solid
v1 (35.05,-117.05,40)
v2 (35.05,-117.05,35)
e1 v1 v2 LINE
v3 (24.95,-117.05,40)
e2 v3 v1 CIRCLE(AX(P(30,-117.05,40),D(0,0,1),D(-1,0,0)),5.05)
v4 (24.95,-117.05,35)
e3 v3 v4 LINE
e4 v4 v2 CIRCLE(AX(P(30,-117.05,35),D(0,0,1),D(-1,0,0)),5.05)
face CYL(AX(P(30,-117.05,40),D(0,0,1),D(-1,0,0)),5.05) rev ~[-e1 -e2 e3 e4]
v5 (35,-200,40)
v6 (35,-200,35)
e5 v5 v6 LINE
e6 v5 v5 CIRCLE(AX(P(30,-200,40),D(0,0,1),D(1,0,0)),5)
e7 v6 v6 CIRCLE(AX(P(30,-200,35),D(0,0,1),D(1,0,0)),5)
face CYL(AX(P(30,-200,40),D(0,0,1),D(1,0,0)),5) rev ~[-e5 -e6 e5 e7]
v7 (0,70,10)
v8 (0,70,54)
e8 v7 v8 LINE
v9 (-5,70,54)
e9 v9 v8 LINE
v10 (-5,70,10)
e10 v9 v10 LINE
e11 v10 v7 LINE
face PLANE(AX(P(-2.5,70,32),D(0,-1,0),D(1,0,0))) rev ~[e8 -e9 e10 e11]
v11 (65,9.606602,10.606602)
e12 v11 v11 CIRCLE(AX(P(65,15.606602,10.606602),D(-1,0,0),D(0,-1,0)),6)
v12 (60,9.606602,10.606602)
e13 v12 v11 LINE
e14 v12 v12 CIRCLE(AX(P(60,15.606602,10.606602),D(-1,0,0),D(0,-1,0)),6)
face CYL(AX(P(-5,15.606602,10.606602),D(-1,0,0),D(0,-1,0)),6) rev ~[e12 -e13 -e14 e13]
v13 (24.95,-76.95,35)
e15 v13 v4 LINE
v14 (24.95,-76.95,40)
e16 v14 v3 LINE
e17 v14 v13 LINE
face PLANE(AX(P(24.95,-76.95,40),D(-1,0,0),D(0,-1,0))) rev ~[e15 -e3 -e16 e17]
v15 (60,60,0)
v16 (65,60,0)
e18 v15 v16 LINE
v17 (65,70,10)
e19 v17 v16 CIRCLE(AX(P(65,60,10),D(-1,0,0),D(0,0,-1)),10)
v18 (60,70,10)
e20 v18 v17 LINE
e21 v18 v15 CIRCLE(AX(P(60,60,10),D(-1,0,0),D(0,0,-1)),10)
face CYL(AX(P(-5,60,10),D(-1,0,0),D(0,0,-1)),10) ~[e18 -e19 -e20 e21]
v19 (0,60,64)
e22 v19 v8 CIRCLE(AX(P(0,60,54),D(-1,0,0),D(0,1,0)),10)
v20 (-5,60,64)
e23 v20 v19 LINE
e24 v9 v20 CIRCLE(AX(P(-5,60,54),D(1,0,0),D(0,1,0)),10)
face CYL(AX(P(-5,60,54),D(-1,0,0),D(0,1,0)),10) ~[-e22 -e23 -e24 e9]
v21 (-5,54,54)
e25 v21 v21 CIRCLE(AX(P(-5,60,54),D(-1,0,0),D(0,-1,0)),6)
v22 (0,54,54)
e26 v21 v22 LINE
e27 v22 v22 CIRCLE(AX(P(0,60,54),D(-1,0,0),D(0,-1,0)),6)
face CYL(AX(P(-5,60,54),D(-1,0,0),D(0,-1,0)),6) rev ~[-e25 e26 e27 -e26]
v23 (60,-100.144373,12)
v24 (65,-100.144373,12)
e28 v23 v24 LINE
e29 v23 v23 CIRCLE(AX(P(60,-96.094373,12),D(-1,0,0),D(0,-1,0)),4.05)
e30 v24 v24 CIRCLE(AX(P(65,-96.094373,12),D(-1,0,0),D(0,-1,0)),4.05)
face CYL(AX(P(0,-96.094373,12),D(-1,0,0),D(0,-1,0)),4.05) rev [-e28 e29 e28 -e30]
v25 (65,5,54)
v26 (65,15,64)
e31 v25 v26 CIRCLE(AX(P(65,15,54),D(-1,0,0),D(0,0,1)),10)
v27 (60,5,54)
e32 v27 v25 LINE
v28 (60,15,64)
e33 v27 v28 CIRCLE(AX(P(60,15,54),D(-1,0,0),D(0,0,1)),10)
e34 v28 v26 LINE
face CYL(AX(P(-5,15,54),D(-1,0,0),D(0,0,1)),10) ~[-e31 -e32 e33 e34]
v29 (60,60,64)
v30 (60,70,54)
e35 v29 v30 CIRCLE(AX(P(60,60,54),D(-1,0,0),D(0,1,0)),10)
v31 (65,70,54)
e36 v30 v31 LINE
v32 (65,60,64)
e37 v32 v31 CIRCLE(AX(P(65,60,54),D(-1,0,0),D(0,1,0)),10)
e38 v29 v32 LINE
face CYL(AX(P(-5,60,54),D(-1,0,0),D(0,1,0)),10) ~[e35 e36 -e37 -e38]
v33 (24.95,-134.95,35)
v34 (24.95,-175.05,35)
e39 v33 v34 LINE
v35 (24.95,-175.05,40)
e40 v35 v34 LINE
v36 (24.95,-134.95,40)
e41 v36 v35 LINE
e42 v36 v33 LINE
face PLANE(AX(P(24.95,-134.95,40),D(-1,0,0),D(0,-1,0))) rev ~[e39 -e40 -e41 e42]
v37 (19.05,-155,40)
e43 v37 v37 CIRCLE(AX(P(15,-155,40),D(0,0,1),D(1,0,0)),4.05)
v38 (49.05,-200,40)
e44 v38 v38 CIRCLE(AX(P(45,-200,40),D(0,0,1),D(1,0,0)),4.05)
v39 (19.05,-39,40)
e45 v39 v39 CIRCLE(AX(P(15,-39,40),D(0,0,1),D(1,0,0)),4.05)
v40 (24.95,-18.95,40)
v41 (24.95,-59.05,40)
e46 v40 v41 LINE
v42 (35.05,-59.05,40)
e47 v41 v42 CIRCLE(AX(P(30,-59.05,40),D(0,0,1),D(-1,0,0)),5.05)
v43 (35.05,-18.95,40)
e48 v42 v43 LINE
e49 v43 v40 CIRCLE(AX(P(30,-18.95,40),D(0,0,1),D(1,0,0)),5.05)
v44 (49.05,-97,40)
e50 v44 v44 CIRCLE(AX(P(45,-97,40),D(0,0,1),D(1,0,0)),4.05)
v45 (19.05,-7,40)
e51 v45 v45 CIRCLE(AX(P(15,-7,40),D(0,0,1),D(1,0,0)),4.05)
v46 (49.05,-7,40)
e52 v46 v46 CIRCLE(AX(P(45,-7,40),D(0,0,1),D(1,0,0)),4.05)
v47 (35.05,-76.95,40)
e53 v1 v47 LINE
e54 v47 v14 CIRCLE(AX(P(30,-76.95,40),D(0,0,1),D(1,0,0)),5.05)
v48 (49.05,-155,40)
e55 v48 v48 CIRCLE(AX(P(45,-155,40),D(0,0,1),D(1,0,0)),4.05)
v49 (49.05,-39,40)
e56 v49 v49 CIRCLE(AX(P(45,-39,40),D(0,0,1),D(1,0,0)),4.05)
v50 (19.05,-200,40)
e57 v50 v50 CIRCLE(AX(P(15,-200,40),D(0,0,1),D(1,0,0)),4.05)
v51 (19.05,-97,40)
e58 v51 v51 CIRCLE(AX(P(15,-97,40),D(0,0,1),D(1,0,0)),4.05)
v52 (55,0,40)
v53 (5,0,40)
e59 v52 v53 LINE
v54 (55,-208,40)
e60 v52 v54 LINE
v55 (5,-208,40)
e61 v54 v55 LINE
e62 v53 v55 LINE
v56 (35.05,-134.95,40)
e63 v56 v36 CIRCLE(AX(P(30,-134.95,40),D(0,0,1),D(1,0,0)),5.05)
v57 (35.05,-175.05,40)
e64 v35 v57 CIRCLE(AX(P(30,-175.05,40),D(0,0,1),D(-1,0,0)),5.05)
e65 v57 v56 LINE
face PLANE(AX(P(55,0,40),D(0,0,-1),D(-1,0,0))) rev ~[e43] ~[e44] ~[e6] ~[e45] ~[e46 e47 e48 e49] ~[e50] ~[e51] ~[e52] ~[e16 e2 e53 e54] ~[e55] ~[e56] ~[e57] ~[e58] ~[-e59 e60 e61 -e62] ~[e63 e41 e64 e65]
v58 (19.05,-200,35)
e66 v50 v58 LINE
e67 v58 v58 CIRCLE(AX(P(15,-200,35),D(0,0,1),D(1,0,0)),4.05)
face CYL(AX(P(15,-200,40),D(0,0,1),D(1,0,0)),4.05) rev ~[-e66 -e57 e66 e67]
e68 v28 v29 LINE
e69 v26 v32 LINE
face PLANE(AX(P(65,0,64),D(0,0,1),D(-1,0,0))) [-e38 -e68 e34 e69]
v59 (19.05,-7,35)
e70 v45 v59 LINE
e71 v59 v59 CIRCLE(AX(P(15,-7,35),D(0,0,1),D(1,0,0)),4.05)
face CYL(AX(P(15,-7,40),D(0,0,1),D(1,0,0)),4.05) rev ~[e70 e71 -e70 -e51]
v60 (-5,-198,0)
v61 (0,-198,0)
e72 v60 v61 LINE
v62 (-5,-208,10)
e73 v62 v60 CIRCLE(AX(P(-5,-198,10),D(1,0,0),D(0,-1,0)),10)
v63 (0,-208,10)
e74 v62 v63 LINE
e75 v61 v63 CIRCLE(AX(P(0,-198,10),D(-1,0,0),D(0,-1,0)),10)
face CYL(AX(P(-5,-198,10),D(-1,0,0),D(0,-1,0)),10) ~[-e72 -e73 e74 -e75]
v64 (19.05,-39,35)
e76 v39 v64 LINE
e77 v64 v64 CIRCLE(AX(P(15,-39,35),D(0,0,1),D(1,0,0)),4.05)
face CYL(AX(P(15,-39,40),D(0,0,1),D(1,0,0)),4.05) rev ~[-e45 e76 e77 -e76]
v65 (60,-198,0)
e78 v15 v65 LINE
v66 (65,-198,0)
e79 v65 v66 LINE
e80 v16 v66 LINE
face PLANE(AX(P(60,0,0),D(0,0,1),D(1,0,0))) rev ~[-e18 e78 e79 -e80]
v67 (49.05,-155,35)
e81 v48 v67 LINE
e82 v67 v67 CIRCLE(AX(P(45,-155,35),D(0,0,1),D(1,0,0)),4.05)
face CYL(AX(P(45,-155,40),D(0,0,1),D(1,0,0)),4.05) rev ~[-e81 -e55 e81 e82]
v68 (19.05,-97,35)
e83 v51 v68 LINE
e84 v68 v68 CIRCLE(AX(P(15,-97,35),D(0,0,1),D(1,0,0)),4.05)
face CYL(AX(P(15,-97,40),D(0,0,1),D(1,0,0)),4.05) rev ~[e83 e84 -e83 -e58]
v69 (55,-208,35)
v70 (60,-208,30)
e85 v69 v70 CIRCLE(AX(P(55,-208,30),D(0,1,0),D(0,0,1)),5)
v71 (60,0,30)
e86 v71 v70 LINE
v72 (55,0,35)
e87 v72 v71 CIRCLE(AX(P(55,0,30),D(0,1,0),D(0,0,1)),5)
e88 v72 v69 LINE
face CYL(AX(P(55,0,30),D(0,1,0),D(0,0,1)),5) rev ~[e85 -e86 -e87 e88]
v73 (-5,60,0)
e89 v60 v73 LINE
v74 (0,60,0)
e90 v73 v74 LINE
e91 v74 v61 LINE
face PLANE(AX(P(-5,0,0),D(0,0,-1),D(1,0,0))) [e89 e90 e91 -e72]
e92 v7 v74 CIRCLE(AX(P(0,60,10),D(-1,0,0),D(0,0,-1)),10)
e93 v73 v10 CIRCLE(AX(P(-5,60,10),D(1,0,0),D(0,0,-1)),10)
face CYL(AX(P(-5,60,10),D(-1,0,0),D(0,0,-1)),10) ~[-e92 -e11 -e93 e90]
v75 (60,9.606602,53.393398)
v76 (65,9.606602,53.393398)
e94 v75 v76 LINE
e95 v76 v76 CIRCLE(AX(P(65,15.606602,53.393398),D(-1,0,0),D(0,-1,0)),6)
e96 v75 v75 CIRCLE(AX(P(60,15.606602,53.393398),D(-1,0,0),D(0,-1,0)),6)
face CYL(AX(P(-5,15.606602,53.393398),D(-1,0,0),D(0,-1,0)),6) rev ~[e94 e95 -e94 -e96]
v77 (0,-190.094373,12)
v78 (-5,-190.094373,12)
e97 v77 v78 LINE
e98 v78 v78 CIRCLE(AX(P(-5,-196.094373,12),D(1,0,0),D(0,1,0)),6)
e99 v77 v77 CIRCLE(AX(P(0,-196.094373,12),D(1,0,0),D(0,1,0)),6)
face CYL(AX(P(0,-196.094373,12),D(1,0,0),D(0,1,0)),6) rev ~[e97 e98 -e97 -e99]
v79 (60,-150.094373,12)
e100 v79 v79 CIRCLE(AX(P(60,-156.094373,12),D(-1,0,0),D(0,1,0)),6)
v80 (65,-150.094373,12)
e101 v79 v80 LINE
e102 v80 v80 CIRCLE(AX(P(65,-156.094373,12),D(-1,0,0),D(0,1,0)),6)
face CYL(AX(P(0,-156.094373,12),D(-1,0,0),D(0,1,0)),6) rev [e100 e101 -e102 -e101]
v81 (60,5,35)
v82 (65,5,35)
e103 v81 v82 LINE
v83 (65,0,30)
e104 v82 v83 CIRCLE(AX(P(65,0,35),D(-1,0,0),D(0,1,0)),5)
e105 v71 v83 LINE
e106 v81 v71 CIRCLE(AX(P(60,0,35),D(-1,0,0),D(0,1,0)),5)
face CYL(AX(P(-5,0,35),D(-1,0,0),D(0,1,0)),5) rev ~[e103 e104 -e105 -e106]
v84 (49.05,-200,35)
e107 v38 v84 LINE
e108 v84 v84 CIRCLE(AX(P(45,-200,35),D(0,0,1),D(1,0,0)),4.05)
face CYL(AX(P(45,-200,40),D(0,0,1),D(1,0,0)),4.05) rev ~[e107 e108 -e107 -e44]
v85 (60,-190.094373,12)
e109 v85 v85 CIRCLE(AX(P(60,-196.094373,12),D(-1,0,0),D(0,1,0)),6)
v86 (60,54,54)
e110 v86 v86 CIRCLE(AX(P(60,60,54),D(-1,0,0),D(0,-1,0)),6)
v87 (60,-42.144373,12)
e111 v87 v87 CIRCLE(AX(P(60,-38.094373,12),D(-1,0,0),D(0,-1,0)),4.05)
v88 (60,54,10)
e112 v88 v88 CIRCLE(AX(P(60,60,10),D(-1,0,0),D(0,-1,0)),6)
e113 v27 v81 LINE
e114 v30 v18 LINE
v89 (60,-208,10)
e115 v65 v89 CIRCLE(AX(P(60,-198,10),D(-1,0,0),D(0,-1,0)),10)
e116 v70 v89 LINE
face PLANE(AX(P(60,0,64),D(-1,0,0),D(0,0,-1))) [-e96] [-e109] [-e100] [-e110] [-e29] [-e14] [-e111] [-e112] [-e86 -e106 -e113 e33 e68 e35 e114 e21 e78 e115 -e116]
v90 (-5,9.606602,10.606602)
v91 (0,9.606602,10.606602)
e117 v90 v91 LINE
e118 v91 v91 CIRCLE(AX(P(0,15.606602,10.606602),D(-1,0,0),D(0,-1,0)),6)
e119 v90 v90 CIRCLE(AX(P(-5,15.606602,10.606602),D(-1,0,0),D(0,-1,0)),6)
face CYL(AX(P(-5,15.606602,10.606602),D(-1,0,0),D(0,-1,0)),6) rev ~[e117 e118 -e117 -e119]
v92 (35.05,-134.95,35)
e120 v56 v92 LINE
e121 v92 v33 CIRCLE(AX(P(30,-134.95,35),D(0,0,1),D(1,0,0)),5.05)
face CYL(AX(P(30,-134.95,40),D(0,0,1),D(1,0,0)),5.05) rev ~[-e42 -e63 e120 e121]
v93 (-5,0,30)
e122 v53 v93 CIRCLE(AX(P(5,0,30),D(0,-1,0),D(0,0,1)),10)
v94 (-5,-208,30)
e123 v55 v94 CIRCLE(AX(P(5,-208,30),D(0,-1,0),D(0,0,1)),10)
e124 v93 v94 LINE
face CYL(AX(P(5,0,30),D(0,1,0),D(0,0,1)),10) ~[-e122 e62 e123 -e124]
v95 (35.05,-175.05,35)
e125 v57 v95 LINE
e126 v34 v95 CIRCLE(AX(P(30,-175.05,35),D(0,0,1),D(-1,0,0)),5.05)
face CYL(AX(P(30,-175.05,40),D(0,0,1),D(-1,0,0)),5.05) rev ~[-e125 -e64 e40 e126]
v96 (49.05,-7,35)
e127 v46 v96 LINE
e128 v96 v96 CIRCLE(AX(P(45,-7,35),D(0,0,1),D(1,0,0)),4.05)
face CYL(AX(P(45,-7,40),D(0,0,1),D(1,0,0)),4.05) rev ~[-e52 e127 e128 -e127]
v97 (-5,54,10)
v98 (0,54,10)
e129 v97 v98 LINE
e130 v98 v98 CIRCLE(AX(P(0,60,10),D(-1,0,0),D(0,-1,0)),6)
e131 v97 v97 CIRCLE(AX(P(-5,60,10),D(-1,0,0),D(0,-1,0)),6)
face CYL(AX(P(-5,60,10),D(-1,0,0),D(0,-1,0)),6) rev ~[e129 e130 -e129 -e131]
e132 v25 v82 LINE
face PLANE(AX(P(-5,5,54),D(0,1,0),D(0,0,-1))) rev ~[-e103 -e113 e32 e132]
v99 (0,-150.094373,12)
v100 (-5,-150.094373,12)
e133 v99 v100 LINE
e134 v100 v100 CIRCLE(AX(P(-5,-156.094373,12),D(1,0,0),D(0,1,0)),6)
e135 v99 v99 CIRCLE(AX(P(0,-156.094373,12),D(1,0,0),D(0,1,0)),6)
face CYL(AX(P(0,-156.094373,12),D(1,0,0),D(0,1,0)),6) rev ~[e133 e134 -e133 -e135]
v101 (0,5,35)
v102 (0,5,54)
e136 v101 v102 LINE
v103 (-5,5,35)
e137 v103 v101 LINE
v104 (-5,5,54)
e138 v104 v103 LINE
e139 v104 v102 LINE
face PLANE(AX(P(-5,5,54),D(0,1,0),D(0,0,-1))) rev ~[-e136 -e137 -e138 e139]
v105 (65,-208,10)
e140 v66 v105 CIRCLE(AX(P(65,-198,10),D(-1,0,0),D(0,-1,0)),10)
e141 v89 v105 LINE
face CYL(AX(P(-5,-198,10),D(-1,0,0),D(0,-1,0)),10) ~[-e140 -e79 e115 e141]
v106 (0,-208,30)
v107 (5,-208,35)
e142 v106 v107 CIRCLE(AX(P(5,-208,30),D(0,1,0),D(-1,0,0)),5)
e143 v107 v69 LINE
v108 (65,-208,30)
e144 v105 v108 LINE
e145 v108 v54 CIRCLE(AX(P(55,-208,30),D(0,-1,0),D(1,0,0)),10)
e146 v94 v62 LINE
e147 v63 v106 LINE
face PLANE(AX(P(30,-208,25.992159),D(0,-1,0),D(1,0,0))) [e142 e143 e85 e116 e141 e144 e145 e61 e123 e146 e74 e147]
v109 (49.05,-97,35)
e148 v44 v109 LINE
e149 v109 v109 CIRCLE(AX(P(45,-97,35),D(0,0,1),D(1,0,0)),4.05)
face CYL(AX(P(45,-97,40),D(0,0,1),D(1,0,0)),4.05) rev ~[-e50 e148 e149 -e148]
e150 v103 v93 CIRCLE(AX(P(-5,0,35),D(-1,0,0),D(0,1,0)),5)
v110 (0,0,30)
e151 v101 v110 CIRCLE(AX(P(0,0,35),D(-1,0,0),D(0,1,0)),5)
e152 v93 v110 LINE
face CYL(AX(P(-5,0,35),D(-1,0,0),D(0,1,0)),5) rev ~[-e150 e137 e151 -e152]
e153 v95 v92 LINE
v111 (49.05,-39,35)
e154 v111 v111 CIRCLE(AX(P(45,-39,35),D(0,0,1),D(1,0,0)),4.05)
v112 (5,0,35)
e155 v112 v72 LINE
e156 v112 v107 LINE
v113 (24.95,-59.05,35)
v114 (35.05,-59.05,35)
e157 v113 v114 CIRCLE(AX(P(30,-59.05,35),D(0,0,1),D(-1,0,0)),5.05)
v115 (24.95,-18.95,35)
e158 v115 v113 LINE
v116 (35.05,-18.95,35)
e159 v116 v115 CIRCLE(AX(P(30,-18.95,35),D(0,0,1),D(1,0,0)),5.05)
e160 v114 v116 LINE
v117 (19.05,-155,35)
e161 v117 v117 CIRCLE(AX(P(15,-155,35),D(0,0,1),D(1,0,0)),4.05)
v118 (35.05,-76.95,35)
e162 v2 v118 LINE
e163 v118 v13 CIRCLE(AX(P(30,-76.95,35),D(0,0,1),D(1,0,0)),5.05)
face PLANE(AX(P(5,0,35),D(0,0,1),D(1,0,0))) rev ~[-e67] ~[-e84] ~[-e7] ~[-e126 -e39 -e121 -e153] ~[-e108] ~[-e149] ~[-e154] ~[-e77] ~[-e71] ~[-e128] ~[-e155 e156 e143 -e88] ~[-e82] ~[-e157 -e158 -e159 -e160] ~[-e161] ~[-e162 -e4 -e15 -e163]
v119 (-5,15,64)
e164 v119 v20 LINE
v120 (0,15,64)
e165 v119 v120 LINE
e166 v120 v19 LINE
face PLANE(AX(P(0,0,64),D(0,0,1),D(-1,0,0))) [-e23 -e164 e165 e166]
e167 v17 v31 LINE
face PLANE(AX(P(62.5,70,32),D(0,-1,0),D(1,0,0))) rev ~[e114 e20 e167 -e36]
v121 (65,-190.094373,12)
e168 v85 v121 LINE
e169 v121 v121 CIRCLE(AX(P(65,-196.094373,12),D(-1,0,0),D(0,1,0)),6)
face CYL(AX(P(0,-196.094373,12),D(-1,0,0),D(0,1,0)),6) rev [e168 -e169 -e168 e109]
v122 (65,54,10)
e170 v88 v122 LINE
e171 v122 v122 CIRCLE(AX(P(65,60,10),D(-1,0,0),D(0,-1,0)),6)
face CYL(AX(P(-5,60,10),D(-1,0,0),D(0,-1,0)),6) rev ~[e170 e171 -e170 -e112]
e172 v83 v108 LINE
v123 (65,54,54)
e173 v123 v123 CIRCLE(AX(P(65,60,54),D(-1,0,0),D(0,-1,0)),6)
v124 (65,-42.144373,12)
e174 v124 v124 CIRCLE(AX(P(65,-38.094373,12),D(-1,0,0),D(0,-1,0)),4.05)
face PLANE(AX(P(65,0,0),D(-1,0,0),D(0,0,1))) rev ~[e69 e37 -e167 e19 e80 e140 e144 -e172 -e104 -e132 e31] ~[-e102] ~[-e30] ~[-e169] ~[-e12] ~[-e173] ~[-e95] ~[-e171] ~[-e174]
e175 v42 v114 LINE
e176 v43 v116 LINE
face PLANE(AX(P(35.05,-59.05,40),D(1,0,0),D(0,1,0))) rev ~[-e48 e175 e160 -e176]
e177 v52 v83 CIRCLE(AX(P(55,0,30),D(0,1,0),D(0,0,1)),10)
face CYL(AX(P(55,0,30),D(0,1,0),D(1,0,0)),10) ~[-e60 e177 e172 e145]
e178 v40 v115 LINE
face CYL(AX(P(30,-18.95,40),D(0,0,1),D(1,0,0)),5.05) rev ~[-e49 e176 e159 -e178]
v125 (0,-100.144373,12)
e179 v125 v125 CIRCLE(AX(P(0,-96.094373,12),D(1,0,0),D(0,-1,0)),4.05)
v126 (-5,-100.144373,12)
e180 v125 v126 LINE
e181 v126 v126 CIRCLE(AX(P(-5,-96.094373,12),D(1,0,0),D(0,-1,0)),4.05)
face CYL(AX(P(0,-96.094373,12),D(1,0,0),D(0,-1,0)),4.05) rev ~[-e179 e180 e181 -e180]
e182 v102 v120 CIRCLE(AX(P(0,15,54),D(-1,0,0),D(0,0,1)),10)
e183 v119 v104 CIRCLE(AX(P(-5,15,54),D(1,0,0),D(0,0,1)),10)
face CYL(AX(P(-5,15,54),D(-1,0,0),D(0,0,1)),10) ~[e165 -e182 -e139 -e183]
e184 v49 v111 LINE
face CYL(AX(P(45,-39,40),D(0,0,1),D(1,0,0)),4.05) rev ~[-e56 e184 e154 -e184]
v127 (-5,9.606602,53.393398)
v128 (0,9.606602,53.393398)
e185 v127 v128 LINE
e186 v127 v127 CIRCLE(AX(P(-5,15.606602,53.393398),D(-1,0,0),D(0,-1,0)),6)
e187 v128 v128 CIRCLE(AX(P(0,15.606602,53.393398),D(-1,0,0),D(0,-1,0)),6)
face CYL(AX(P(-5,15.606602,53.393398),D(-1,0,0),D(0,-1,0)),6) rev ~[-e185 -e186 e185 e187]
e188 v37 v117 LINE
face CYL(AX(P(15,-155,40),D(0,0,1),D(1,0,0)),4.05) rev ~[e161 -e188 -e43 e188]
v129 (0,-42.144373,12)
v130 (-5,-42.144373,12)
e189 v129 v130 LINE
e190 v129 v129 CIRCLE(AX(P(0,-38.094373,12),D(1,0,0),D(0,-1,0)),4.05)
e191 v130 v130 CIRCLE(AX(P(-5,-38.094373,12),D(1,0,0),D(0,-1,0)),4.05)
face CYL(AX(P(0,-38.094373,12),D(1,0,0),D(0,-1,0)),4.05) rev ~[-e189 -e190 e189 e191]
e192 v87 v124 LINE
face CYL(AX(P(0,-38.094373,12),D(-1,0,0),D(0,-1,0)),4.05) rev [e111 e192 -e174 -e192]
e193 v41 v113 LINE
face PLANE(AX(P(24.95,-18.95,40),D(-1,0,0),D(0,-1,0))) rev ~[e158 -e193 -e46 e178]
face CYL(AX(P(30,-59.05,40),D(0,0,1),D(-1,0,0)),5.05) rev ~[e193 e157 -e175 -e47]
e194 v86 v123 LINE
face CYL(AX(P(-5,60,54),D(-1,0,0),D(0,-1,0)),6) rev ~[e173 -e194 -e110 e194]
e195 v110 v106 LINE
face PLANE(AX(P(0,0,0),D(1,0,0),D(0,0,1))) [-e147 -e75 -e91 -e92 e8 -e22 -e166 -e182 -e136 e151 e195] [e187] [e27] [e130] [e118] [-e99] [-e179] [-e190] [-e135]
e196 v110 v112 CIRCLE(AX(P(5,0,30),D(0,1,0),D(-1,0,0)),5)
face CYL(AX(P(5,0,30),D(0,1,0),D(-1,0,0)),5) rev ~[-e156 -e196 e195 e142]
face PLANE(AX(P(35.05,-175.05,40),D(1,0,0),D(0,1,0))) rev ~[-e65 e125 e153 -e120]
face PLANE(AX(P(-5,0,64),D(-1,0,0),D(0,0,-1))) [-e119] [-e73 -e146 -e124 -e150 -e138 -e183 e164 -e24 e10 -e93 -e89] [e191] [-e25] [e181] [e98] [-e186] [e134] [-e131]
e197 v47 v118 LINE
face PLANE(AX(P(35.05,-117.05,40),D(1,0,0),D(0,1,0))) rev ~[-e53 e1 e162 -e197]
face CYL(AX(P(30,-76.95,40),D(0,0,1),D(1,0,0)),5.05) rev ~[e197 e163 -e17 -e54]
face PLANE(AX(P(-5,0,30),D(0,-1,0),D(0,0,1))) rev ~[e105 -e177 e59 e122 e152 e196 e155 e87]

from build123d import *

# Parameters (mm, degrees)
F1_DEPTH      = 208
F2_R          = 6
F3_DEPTH      = 65.001
F3_DEPTH_BACK = 5.001
F5_DEPTH      = 70
F6_R          = 6
F7_DEPTH      = 70.001
F8_R          = 4.05
F8_R_2        = 5
F9_DEPTH      = 40.001


with BuildPart() as f1:
    # F0 (on Front) → F1 (new body)
    with BuildSketch(Plane.XZ):
        with BuildLine():
            ThreePointArc((0, 30), (1.4644660941, 33.5355339059), (5, 35))
            Line((5, 35), (55, 35))
            ThreePointArc((55, 35), (58.5355339059, 33.5355339059), (60, 30))
            Line((60, 30), (60, 0))
            Line((60, 0), (65, 0))
            Line((65, 0), (65, 30))
            ThreePointArc((65, 30), (62.0710678119, 37.0710678119), (55, 40))
            Line((55, 40), (5, 40))
            ThreePointArc((5, 40), (-2.0710678119, 37.0710678119), (-5, 30))
            Line((-5, 30), (-5, 0))
            Line((-5, 0), (0, 0))
            Line((0, 0), (0, 30))
        make_face()
    extrude(amount=F1_DEPTH)

    # F2 (on Right) → F3 (cut, two sides)
    with BuildSketch(Plane.YZ) as f3_sk:
        with Locations((-196.0943733454, 12)):
            Circle(F2_R)
        with Locations((-156.0943733454, 12)):
            Circle(F2_R)
        with BuildLine():
            ThreePointArc((-34.0443733454, 12), (-38.0943733454, 16.05), (-42.1443733454, 12))
            ThreePointArc((-42.1443733454, 12), (-38.0943733454, 7.95), (-34.0443733454, 12))
        make_face()
        with BuildLine():
            ThreePointArc((-92.0443733454, 12), (-96.0943733454, 16.05), (-100.1443733454, 12))
            Line((-100.1443733454, 12), (-96.0943733454, 12))
            Line((-96.0943733454, 12), (-92.0443733454, 12))
        make_face()
        with BuildLine():
            Line((-96.0943733454, 12), (-100.1443733454, 12))
            ThreePointArc((-100.1443733454, 12), (-96.0943733454, 7.95), (-92.0443733454, 12))
            Line((-92.0443733454, 12), (-96.0943733454, 12))
        make_face()
    extrude(amount=F3_DEPTH, mode=Mode.SUBTRACT)
    extrude(f3_sk.sketch, amount=-F3_DEPTH_BACK, mode=Mode.SUBTRACT)

    # F4 (on Front) → F5 (join)
    with BuildSketch(Plane.XZ):
        Polygon((-5, 0), (0, 0), (0, 54), (0, 64), (-5, 64), (-5, 54), align=None)
        Polygon((60, 64), (60, 54), (60, 0), (65, 0), (65, 54), (65, 64), align=None)
    extrude(amount=-F5_DEPTH)

    # F6 (on face) → F7 (cut, through all)
    with BuildSketch(Plane(origin=(-5, 0, 0), x_dir=(0, -1, 0), z_dir=(-1, 0, 0))):
        with Locations((-60, 54)):
            Circle(F6_R)
        with Locations((-15.6066017178, 53.3933982822)):
            Circle(F6_R)
        with Locations((-60, 10)):
            Circle(F6_R)
        with Locations((-15.6066017178, 10.6066017178)):
            Circle(F6_R)
        with BuildLine():
            Line((-70, 10), (-70, 0))
            Line((-70, 0), (-60, 0))
            ThreePointArc((-60, 0), (-67.0710678119, 2.9289321881), (-70, 10))
        make_face()
        with BuildLine():
            ThreePointArc((208, 10), (205.0710678119, 2.9289321881), (198, 0))
            Line((198, 0), (208, 0))
            Line((208, 0), (208, 10))
        make_face()
        with BuildLine():
            Line((-70, 64), (-70, 54))
            ThreePointArc((-70, 54), (-67.0710678119, 61.0710678119), (-60, 64))
            Line((-60, 64), (-70, 64))
        make_face()
        with BuildLine():
            Line((-5, 64), (-15, 64))
            ThreePointArc((-15, 64), (-7.9289321881, 61.0710678119), (-5, 54))
            Line((-5, 54), (-5, 35))
            ThreePointArc((-5, 35), (-3.5355339059, 31.4644660941), (0, 30))
            Line((0, 30), (0, 63.4983927011))
            Line((0, 63.4983927011), (0, 64))
            Line((0, 64), (-5, 64))
        make_face()
    extrude(amount=-F7_DEPTH, mode=Mode.SUBTRACT)

    # F8 (on face) → F9 (cut, through all)
    with BuildSketch(Plane.XY.offset(40)):
        with Locations((15, -7)):
            Circle(F8_R)
        with Locations((15, -39)):
            Circle(F8_R)
        with Locations((15, -97)):
            Circle(F8_R)
        with BuildLine():
            Line((24.95, -76.95), (24.95, -97))
            Line((24.95, -97), (24.95, -117.05))
            ThreePointArc((24.95, -117.05), (30, -122.1), (35.05, -117.05))
            Line((35.05, -117.05), (35.05, -76.95))
            ThreePointArc((35.05, -76.95), (30, -71.9), (24.95, -76.95))
        make_face()
        with Locations((15, -155)):
            Circle(F8_R)
        with Locations((15, -200)):
            Circle(F8_R)
        with Locations((30, -200)):
            Circle(F8_R_2)
        with BuildLine():
            Line((35.05, -59.05), (35.05, -18.95))
            ThreePointArc((35.05, -18.95), (30, -13.9), (24.95, -18.95))
            Line((24.95, -18.95), (24.95, -59.05))
            ThreePointArc((24.95, -59.05), (30, -64.1), (35.05, -59.05))
        make_face()
        with BuildLine():
            ThreePointArc((24.95, -175.05), (30, -180.1), (35.05, -175.05))
            Line((35.05, -175.05), (35.05, -134.95))
            ThreePointArc((35.05, -134.95), (30, -129.9), (24.95, -134.95))
            Line((24.95, -134.95), (24.95, -175.05))
        make_face()
        with Locations((45, -7)):
            Circle(F8_R)
        with Locations((45, -39)):
            Circle(F8_R)
        with Locations((45, -97)):
            Circle(F8_R)
        with Locations((45, -155)):
            Circle(F8_R)
        with Locations((45, -200)):
            Circle(F8_R)
    extrude(amount=-F9_DEPTH, mode=Mode.SUBTRACT)


solid = f1.part
